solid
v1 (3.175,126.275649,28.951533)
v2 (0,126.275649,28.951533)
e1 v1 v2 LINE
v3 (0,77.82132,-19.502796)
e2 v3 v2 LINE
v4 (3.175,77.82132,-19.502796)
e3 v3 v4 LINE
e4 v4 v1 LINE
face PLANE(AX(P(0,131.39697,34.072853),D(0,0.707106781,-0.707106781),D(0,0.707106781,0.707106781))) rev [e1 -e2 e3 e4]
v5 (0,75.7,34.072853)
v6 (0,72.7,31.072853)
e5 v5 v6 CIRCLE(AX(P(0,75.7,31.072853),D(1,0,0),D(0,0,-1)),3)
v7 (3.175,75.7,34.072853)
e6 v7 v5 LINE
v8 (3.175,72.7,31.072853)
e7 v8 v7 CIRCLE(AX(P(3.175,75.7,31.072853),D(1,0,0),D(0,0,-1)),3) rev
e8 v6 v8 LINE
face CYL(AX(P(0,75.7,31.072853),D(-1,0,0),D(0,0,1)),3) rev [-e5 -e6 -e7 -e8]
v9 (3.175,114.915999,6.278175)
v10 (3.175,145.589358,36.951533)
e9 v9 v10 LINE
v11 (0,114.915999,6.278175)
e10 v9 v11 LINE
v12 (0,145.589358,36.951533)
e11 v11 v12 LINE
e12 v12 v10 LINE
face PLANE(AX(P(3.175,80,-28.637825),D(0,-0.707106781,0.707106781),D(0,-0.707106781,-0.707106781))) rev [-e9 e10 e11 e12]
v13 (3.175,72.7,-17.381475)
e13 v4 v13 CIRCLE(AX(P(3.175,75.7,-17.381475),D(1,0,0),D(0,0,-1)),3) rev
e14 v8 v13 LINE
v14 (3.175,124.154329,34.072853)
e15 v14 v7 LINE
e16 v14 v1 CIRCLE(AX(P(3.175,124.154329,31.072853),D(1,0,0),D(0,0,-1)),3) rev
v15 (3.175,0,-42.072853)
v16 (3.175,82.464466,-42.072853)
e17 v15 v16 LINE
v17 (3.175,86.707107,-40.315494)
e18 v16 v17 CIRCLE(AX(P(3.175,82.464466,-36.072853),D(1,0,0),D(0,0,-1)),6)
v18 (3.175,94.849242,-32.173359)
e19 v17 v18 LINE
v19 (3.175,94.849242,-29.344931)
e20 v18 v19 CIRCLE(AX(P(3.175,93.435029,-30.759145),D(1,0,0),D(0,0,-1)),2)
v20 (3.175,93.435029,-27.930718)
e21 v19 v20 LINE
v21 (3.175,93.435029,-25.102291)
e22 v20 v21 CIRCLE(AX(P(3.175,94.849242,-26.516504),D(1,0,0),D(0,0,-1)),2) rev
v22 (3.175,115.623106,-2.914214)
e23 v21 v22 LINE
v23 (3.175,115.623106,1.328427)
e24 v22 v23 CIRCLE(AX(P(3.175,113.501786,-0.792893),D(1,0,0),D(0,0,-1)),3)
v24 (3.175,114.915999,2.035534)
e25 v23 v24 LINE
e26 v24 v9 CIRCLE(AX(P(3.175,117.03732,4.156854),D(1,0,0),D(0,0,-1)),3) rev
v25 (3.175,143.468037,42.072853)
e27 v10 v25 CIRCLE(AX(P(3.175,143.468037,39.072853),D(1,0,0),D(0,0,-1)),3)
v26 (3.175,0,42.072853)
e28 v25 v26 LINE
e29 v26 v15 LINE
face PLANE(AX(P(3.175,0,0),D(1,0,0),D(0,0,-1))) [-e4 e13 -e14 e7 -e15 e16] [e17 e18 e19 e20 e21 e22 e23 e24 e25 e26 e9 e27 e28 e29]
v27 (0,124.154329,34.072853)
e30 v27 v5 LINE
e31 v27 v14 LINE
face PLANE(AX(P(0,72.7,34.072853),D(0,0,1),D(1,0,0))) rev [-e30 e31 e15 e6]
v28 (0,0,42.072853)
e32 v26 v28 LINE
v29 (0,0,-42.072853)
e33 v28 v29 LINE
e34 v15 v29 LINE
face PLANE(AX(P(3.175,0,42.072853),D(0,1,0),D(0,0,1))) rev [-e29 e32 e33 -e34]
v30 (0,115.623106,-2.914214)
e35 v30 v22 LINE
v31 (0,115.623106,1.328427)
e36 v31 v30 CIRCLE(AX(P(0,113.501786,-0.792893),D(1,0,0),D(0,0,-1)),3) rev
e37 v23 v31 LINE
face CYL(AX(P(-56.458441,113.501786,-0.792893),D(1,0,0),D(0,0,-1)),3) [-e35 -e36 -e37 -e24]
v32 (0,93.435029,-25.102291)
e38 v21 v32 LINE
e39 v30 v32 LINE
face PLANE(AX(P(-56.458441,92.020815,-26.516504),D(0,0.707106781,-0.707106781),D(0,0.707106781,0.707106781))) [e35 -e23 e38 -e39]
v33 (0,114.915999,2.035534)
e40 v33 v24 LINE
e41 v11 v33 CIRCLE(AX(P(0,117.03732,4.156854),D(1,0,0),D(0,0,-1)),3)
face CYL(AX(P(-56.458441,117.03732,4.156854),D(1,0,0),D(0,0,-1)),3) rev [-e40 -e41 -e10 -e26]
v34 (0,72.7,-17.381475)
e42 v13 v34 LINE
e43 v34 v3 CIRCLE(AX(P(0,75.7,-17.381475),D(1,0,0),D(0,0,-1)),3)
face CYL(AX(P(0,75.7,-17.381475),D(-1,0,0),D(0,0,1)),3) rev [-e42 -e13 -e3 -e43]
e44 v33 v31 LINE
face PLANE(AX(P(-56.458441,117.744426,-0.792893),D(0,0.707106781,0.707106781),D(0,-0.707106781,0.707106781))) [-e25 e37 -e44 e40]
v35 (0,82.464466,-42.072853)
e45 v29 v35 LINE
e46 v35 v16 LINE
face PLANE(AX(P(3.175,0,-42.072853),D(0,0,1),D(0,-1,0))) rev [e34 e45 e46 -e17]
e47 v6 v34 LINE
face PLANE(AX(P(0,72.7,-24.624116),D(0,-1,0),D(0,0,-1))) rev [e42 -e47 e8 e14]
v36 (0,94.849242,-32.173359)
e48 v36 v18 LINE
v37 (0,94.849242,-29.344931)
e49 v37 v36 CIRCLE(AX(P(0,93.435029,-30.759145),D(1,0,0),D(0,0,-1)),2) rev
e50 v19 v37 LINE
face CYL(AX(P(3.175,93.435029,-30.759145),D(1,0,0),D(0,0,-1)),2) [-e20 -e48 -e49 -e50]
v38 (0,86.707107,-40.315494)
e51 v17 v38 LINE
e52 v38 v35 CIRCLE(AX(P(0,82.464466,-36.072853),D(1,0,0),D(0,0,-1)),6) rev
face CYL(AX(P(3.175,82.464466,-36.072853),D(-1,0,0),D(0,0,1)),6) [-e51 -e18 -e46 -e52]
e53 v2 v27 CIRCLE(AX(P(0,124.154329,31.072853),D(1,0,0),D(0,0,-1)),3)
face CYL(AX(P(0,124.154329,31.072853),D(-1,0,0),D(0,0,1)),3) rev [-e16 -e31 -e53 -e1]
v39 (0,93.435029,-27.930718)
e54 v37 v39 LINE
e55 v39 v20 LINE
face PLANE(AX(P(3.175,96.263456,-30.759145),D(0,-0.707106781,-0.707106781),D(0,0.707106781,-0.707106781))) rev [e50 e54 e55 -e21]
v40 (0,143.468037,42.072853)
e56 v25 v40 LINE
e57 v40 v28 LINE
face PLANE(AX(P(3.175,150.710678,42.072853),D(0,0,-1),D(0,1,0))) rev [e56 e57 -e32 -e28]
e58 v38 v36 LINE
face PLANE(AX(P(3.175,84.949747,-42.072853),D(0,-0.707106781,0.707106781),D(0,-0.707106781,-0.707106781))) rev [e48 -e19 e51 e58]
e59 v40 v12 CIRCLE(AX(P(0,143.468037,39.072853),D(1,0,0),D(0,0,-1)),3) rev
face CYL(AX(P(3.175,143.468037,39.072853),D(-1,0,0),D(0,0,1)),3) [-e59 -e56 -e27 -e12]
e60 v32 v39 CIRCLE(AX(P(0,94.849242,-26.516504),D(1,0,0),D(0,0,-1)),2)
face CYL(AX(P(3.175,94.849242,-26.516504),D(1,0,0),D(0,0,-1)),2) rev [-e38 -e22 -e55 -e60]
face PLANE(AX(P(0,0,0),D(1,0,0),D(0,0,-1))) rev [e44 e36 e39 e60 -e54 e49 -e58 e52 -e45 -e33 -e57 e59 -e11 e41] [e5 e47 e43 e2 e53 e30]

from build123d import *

# Parameters (mm, degrees)
BOSS_EXTRU_1_DEPTH      = 3.175
CONG_1_R                = 6
CONG_2_R                = 2
ENL_V_MAT_EXTRU_2_DEPTH = 157.50531659973907
CONG_4_R                = 3
BOSS_EXTRU_2_DEPTH      = 3.175
CONG_5_R                = 2
CONG_6_R                = 3


with BuildPart() as part:
    # Esquisse1 → Boss.-Extru.1 (new body)
    with BuildSketch(Plane(origin=(0, 0, 0), x_dir=(0, 0, -1), z_dir=(1, 0, 0))):
        Polygon((-42.0728534805994, 0), (42.0728534805994, 0), (42.072853480599385, 84.94974746830529), (30.759144981614714, 96.26345596728963), (26.516504294495412, 92.02081528017037), (33.58757210636085, 84.94974746830486), (28.637824638054987, 79.99999999999906), (-42.07285348059938, 150.71067811865416), align=None)
    extrude(amount=BOSS_EXTRU_1_DEPTH)

    # Congé1
    cong_1_edges = [part.edges().sort_by_distance(p)[0] for p in [
        (1.5875, 84.94974746830529, -42.072853480599385),
    ]]
    fillet(cong_1_edges, radius=CONG_1_R)

    # Congé2
    cong_2_edges = [part.edges().sort_by_distance(p)[0] for p in [
        (1.5875, 92.02081528017037, -26.516504294495412),
        (1.5875, 96.26345596728963, -30.759144981614714),
    ]]
    fillet(cong_2_edges, radius=CONG_2_R)

    # Esquisse4 → Enlèv. mat.-Extru.2 (cut, through all)
    with BuildSketch(Plane(origin=(3.175, 0, 0), x_dir=(0, 0, -1), z_dir=(1, 0, 0))):
        Polygon((24.62411613906931, 72.7), (-34.07285348059938, 72.69999999999999), (-34.07285348059938, 131.39696961966868), align=None)
    extrude(amount=-ENL_V_MAT_EXTRU_2_DEPTH, mode=Mode.SUBTRACT)

    # Congé4
    cong_4_edges = [part.edges().sort_by_distance(p)[0] for p in [
        (1.5875, 150.71067811865416, 42.07285348059938),
        (1.5875, 131.39696961966868, 34.07285348059938),
        (1.5875, 72.7, -24.62411613906931),
        (1.5875, 72.69999999999999, 34.07285348059938),
    ]]
    fillet(cong_4_edges, radius=CONG_4_R)

    # Esquisse5 → Boss.-Extru.2 (add)
    with BuildSketch(Plane(origin=(3.175, 0, 0), x_dir=(0, 0, -1), z_dir=(1, 0, 0))):
        Polygon((30.759144981614842, 96.26345596728976), (26.51650429449542, 92.02081528017034), (0.7928932188133107, 117.74442635585244), (-4.15685424949237, 112.79467888754677), (28.637824638054987, 79.99999999999906), (37.8302127934801, 89.19238815542445), align=None)
    extrude(amount=-BOSS_EXTRU_2_DEPTH)

    # Congé5
    cong_5_edges = [part.edges().sort_by_distance(p)[0] for p in [
        (1.5875, 96.26345596728976, -30.759144981614842),
        (1.5875, 92.02081528017034, -26.51650429449542),
    ]]
    fillet(cong_5_edges, radius=CONG_5_R)

    # Congé6
    cong_6_edges = [part.edges().sort_by_distance(p)[0] for p in [
        (1.5875, 112.79467888754677, 4.15685424949237),
        (1.5875, 117.74442635585244, -0.7928932188133107),
    ]]
    fillet(cong_6_edges, radius=CONG_6_R)


solid = part.part
